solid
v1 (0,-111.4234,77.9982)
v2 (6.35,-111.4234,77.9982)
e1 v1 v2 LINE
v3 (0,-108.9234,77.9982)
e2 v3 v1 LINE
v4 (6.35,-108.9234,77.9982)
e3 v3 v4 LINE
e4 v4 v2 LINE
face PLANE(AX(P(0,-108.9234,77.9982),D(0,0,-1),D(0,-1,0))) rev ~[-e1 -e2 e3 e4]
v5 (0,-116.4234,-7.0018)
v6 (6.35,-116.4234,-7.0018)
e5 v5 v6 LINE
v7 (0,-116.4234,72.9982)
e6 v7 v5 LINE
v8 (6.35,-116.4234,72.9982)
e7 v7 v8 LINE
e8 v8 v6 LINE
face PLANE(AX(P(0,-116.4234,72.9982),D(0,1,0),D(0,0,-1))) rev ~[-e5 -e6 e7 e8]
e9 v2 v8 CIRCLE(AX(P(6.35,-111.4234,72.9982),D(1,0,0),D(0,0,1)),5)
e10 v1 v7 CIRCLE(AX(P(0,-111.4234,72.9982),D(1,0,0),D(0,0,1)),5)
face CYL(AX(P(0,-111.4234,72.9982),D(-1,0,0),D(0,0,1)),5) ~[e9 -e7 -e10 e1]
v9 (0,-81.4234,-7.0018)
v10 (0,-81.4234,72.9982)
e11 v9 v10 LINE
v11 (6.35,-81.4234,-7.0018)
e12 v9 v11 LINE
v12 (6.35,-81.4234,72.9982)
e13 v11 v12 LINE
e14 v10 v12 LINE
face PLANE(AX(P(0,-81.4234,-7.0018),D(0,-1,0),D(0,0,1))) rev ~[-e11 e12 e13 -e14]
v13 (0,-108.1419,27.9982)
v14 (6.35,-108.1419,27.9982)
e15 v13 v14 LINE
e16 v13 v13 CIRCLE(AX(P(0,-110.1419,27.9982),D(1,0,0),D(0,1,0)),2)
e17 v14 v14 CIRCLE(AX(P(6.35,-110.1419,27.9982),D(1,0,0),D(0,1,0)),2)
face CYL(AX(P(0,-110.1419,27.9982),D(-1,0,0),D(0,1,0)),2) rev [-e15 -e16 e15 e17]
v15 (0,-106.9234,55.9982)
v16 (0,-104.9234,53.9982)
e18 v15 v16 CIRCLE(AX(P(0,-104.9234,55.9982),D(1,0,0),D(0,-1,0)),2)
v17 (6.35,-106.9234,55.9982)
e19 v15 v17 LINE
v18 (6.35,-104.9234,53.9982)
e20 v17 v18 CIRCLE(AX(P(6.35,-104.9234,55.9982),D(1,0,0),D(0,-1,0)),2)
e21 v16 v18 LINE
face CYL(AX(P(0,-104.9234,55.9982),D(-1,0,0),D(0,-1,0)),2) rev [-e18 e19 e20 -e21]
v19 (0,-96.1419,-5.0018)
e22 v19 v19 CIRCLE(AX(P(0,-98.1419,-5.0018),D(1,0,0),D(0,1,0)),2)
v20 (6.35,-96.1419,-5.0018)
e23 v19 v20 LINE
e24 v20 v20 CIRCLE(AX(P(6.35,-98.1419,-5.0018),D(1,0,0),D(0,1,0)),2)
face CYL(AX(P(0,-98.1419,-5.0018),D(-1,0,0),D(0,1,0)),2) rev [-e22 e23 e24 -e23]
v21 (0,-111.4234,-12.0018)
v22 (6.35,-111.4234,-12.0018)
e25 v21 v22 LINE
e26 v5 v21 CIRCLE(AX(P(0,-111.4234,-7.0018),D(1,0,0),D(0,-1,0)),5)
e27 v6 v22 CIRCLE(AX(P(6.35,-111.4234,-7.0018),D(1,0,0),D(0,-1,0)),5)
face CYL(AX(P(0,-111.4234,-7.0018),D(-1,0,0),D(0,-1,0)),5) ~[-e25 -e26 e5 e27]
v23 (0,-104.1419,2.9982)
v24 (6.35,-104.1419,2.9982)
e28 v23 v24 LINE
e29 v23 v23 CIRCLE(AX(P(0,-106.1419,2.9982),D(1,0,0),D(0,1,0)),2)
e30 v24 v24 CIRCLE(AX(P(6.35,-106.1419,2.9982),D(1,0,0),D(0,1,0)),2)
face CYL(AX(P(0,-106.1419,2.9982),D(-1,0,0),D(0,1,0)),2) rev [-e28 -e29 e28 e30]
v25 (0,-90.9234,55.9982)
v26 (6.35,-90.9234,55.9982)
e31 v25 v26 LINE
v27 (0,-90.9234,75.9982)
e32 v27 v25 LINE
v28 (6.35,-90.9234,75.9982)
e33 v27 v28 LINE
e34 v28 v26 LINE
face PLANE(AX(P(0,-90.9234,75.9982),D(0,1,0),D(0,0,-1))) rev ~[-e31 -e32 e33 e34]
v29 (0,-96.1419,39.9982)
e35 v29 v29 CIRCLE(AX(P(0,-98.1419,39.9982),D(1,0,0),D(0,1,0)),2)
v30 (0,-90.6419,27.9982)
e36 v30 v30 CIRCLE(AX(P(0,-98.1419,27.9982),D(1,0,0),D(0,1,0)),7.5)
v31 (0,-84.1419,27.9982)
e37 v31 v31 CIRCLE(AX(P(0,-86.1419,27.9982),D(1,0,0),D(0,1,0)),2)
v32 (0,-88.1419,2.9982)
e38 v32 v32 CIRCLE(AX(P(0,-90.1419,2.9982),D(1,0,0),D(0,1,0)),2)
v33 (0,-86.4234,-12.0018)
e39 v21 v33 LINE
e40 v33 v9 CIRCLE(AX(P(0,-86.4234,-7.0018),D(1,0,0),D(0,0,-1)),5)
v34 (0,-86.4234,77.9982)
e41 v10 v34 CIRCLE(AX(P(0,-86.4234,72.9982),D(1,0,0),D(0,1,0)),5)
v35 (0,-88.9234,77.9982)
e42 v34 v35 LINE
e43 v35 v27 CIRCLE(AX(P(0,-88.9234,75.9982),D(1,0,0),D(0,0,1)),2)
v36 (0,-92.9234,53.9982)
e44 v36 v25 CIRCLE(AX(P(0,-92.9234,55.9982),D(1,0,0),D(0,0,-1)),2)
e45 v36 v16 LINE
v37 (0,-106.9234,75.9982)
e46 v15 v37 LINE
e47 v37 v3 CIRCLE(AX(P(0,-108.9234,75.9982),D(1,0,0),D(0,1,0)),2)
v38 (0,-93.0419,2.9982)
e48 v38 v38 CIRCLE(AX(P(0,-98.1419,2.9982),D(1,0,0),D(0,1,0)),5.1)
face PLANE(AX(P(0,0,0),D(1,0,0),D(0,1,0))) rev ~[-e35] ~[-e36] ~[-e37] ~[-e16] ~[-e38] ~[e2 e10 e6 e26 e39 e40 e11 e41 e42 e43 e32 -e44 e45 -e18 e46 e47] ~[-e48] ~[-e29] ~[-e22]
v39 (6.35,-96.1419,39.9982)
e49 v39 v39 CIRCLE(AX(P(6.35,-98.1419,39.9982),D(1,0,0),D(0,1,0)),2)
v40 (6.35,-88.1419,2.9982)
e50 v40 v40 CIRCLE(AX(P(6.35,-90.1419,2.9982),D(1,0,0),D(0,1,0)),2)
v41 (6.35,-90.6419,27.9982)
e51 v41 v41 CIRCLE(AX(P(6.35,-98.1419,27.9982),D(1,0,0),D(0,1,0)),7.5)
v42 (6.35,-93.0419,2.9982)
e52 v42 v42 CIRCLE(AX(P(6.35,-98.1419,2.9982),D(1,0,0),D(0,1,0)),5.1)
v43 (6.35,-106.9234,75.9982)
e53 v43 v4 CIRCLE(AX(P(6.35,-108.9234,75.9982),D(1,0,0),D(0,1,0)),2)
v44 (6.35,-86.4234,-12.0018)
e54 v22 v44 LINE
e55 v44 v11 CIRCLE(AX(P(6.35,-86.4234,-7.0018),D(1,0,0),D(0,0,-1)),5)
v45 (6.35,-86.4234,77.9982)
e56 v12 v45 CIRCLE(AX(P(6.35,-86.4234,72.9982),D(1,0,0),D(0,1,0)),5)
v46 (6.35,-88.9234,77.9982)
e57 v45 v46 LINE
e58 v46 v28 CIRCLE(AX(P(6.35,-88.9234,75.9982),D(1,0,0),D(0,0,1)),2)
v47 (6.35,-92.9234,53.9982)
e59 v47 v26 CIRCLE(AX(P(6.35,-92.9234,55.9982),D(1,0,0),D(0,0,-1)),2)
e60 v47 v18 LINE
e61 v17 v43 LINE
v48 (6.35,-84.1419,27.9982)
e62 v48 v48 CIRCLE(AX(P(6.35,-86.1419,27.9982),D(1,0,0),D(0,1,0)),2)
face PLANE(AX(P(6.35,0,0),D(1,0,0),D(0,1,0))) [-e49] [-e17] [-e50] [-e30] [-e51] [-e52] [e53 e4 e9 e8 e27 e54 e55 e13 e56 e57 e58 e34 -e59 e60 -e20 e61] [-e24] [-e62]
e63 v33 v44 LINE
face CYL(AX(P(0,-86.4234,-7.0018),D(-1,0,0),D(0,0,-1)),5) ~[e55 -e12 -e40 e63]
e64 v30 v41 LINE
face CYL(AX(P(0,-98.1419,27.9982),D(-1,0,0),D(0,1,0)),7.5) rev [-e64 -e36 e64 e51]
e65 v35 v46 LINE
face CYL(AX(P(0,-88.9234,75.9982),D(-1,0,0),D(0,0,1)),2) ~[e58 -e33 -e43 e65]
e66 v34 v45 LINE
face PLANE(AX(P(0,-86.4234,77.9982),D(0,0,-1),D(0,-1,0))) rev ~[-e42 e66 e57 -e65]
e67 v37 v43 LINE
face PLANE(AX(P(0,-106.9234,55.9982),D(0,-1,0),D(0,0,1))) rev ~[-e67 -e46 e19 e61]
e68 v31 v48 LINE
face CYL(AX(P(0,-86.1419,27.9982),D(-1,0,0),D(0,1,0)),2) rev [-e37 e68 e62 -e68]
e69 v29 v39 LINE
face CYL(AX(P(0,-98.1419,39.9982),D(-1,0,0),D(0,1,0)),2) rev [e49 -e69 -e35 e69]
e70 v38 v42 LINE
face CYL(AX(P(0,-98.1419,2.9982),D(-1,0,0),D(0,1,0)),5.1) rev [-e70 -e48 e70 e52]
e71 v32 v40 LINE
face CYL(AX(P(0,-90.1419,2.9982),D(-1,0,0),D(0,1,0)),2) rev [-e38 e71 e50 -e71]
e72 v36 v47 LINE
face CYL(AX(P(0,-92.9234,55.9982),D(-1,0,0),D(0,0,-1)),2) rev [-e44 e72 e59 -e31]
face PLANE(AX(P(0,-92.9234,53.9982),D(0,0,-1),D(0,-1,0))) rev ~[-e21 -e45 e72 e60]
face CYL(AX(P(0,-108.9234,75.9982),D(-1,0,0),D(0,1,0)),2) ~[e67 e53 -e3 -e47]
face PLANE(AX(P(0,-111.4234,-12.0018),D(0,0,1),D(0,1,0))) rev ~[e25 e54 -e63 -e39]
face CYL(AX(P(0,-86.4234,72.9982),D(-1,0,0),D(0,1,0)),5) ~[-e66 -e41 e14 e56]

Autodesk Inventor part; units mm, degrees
ref_plane "YZ Plane" through (0, 0, 0) normal (1, 0, 0) x (0, 1, 0)
ref_plane "XZ Plane" through (0, 0, 0) normal (0, 1, 0) x (-1, 0, 0)
ref_plane "XY Plane" through (0, 0, 0) normal (0, 0, 1) x (1, 0, 0)
sketch "Sketch1" plane through (0, 0, 0) normal (1, 0, 0) x (0, 1, 0)
  line L0 (-116.4234, 72.9982) -> (-116.4234, -7.0018)
  line L1 (-111.4234, -12.0018) -> (-86.4234, -12.0018)
  line L2 (-81.4234, -7.0018) -> (-81.4234, 72.9982)
  line L3 (-90.9234, 75.9982) -> (-90.9234, 55.9982)
  line L4 (-92.9234, 53.9982) -> (-104.9234, 53.9982)
  line L5 (-106.9234, 55.9982) -> (-106.9234, 75.9982)
  line L6 (-86.4234, 77.9982) -> (-88.9234, 77.9982)
  line L7 (-108.9234, 77.9982) -> (-111.4234, 77.9982)
  circle A0 centre (-98.1419, 27.9982) radius 7.5
  circle A1 centre (-98.1419, 2.9982) radius 5.1
  circle A2 centre (-110.1419, 27.9982) radius 2
  circle A3 centre (-112.4234, 61.8916) radius 2
  circle A4 centre (-56.4234, 61.8916) radius 2
  circle A5 centre (-106.1419, 2.9982) radius 2
  circle A6 centre (-98.1419, 15.9982) radius 2
  circle A7 centre (-86.1419, 27.9982) radius 2
  circle A8 centre (-98.1419, 39.9982) radius 2
  circle A9 centre (-98.1419, -5.0018) radius 2
  circle A10 centre (-90.1419, 2.9982) radius 2
  circle A11 centre (-98.1419, 10.9982) radius 2
  arc A12 (-111.4234, 77.9982) -> (-116.4234, 72.9982) centre (-111.4234, 72.9982) ccw
  arc A13 (-81.4234, 72.9982) -> (-86.4234, 77.9982) centre (-86.4234, 72.9982) ccw
  arc A14 (-116.4234, -7.0018) -> (-111.4234, -12.0018) centre (-111.4234, -7.0018) ccw
  arc A15 (-86.4234, -12.0018) -> (-81.4234, -7.0018) centre (-86.4234, -7.0018) ccw
  arc A16 (-106.9234, 55.9982) -> (-104.9234, 53.9982) centre (-104.9234, 55.9982) ccw
  arc A17 (-92.9234, 53.9982) -> (-90.9234, 55.9982) centre (-92.9234, 55.9982) ccw
  arc A18 (-106.9234, 75.9982) -> (-108.9234, 77.9982) centre (-108.9234, 75.9982) ccw
  arc A19 (-88.9234, 77.9982) -> (-90.9234, 75.9982) centre (-88.9234, 75.9982) ccw
  point P0 (-81.4234, 77.9982)
  point P1 (-116.4234, -12.0018)
  point P2 (-116.4234, 77.9982)
  point P3 (-81.4234, -12.0018)
  point P4 (-90.9234, 77.9982)
  point P5 (-90.9234, 53.9982)
  point P6 (-106.9234, 53.9982)
  point P7 (-106.9234, 77.9982)
  dimension "d29" = 360
  dimension "d44" = 35
  dimension "d45" = 90
  dimension "d46" = 16
  dimension "d47" = 24
  dimension "d48" = 15
  dimension "d53" = 10.2
  dimension "d54" = 25
  dimension "d55" = 26
  dimension "d58" = 56
  dimension "d59" = 4
  dimension "d60" = 4
  dimension "d62" = 12
  dimension "d63" = 8
  dimension "d66" = 360
  dimension "d70" = 360
  dimension "d72" = 5
  dimension "d73" = 2
extrude "Extrusion1" add sketch "Sketch1" along normal blind 6.35 contours A12 L7 A18 L5 A16 L4 A17 L3 A19 L6 A13 L2 A15 L1 A14 L0 | A3 | A6 | A11
properties part number "carriage"
